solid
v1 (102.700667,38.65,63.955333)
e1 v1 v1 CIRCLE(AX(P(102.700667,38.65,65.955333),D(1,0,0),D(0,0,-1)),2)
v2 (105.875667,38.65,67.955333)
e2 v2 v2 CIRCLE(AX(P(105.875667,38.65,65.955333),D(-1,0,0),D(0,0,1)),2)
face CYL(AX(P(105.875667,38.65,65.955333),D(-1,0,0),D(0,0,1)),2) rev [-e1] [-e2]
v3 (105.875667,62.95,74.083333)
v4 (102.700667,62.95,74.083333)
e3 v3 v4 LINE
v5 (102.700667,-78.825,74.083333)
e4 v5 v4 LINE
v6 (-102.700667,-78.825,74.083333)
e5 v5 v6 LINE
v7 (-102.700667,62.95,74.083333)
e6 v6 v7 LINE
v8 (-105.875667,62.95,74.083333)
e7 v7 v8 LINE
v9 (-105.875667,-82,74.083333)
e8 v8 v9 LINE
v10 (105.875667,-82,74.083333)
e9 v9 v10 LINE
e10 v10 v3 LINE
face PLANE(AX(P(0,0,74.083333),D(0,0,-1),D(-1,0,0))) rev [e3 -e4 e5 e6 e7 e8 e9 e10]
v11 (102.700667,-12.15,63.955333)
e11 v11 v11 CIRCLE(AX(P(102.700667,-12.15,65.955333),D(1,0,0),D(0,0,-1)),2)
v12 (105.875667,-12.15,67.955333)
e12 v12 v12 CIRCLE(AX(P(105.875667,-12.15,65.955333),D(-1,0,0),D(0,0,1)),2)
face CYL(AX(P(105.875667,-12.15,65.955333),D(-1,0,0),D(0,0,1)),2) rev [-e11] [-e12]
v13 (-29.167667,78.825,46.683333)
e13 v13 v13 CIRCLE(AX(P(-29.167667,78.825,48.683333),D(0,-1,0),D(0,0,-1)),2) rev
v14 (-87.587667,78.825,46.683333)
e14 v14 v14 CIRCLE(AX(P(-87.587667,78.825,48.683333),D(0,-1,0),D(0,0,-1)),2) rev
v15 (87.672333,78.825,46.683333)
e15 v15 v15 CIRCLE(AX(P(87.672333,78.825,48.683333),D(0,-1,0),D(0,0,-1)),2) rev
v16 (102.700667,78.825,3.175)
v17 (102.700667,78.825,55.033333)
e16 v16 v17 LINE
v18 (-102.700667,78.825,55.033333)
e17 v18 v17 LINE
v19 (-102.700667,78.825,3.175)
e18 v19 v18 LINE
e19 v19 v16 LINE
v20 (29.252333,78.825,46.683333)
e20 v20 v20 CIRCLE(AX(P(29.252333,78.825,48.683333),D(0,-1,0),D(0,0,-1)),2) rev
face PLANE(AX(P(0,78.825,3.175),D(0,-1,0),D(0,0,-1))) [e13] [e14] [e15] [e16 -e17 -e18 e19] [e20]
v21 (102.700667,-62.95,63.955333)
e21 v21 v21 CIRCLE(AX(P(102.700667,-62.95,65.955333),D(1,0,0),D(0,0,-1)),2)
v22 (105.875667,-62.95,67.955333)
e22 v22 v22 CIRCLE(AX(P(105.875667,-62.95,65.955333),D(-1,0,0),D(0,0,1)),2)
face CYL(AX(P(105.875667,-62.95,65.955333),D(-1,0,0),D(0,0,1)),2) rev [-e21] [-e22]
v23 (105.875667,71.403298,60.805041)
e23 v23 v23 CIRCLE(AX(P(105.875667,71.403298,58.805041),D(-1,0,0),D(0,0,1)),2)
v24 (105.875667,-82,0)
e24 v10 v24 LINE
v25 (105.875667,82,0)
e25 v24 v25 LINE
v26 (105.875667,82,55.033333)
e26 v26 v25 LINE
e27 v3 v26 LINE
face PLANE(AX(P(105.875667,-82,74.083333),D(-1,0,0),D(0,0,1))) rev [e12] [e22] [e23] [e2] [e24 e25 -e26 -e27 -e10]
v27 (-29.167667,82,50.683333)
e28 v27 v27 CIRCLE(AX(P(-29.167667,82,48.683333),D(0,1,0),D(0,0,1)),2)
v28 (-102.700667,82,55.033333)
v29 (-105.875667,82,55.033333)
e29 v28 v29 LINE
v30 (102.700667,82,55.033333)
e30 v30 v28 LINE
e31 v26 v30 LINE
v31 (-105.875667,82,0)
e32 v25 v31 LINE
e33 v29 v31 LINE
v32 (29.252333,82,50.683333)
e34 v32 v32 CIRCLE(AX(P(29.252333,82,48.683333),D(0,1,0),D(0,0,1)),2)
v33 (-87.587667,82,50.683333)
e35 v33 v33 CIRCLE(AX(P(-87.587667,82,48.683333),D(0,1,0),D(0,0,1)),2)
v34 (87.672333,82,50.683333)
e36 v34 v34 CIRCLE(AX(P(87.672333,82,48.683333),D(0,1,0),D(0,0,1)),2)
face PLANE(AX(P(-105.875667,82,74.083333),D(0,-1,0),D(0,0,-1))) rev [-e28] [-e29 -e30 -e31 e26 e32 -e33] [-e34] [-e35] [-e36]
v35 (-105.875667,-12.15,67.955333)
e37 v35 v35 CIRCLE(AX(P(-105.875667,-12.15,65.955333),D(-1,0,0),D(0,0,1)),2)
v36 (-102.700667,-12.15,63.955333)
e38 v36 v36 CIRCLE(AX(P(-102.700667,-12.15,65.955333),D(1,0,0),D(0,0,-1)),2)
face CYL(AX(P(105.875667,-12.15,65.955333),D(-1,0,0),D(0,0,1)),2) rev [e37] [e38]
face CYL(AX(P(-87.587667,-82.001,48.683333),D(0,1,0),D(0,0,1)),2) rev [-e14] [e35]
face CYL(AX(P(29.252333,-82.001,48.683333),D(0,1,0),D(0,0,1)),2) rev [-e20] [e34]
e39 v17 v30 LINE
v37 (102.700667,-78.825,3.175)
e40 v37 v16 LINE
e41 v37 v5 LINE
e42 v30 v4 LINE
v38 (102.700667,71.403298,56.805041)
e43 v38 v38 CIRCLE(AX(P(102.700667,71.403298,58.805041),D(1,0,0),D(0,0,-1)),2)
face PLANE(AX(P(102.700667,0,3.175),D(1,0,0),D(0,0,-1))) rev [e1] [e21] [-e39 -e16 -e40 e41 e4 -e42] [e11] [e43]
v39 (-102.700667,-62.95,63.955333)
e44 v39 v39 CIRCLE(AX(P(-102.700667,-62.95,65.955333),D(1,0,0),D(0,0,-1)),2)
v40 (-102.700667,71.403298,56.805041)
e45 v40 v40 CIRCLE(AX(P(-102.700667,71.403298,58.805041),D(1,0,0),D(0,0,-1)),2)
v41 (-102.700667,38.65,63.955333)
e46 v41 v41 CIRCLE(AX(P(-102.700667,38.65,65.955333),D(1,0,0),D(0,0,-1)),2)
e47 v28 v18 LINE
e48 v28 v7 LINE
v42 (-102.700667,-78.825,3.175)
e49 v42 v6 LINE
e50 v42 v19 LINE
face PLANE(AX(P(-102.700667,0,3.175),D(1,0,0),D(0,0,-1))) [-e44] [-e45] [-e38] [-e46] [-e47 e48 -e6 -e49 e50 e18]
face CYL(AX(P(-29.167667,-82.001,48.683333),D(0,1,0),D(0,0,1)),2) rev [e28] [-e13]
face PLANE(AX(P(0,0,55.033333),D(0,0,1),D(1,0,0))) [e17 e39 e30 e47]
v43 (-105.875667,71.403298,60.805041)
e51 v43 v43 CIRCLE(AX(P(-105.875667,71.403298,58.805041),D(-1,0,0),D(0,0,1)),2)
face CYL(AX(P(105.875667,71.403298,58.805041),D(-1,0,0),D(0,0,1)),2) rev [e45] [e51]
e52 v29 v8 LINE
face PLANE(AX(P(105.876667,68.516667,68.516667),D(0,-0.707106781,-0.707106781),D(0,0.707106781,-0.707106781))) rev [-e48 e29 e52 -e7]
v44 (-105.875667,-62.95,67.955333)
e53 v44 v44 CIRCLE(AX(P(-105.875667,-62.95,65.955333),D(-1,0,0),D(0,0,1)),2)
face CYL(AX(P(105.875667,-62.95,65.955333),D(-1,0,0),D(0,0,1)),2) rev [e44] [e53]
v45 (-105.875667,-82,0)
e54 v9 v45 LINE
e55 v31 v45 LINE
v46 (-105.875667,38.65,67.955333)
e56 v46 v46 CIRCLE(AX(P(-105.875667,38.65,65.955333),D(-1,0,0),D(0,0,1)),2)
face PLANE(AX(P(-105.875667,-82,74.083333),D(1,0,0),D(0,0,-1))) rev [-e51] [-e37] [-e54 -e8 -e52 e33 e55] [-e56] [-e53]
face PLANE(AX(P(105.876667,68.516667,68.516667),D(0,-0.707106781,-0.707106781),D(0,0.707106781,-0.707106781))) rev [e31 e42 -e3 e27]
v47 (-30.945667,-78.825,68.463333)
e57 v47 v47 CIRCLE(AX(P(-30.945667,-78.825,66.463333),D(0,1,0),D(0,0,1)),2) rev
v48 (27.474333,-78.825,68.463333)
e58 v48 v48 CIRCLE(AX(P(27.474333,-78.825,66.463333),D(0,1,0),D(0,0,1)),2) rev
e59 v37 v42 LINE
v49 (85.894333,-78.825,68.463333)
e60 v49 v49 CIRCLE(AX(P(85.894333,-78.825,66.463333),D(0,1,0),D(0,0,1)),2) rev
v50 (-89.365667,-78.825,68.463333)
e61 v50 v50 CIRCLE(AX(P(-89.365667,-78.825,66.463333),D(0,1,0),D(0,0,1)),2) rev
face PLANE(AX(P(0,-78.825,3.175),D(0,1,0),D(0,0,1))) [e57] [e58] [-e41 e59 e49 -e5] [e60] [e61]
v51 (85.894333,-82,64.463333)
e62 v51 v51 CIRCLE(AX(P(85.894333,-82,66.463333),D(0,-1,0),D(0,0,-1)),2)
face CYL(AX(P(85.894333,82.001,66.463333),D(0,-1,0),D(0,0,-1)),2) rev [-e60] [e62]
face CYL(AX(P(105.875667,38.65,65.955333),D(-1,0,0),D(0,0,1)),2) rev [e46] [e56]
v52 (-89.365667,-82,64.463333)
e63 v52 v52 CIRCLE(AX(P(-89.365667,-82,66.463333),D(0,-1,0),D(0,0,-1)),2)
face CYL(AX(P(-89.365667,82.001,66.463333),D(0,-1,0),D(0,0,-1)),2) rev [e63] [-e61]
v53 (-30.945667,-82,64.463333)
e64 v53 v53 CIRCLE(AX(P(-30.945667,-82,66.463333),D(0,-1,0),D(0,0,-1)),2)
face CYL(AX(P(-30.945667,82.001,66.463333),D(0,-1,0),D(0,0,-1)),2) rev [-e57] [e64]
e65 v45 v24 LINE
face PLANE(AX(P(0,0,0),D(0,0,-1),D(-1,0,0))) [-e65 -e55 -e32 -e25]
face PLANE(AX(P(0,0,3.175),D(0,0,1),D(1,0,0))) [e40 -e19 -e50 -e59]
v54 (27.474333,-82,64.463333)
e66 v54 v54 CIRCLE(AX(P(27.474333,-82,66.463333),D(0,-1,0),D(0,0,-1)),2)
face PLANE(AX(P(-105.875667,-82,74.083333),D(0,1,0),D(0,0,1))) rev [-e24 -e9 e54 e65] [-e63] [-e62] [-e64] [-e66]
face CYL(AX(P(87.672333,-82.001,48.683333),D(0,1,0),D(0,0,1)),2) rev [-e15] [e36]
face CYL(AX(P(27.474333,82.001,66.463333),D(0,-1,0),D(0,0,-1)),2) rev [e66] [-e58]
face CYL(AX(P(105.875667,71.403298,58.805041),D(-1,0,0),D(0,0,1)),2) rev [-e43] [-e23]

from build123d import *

# Parameters (mm, degrees)
SKETCH2_W                = 211.751333334
SKETCH2_H                = 164
BOSS_EXTRUDE1_DEPTH      = 74.083333333
CUT_EXTRUDE7_DEPTH       = 70.90833333
CUT_EXTRUDE9_REACH       = 240.853
CUT_EXTRUDE10_DEPTH      = 3.175
SKETCH14_W               = 205.401333334
SKETCH14_H               = 3.175
CUT_EXTRUDE11_DEPTH      = 3.175
CUT_EXTRUDE12_DEPTH      = 239.853443446
CUT_EXTRUDE12_DEPTH_BACK = 3.175
SKETCH16_R               = 2
CUT_EXTRUDE13_DEPTH      = 239.853443446
LPATTERN1_COUNT          = 3
LPATTERN1_PITCH          = 50.8
CUT_EXTRUDE14_REACH      = 210.792
SKETCH18_R               = 2
LPATTERN2_COUNT          = 4
LPATTERN2_PITCH          = 58.42
CUT_EXTRUDE15_REACH      = 210.792
SKETCH19_R               = 2
LPATTERN3_COUNT          = 4
LPATTERN3_PITCH          = 58.42
SKETCH20_R               = 2
CUT_EXTRUDE16_DEPTH      = 239.853443446


with BuildPart() as part:
    # Sketch2 → Boss-Extrude1 (new body)
    with BuildSketch(Plane.XY):
        Rectangle(SKETCH2_W, SKETCH2_H)
    extrude(amount=BOSS_EXTRUDE1_DEPTH)

    # Sketch9 → Cut-Extrude7 (cut)
    with BuildSketch(Plane.XY.offset(74.083333333)):
        Polygon((-102.700666667, 62.95), (-102.700666667, -47.748173381), (-102.700666667, -78.825), (-61.266487403, -78.825), (102.700666667, -78.825), (102.700666667, -21.962957065), (102.700666667, 78.825), (-87.76182231, 78.825), (-102.700666667, 78.825), align=None)
    extrude(amount=-CUT_EXTRUDE7_DEPTH, mode=Mode.SUBTRACT)

    # Sketch11 → Cut-Extrude9 (cut, up to next)
    with BuildSketch(Plane.ZY.offset(105.875666667), mode=Mode.PRIVATE) as cut_extrude9_sk1:
        Polygon((58.208333333, 78.825), (74.083333333, 62.95), (74.083333333, 82), (58.208333333, 82), (58.208333333, 79.62382388), align=None)
    cut_extrude9_tool1 = extrude(cut_extrude9_sk1.sketch, amount=-CUT_EXTRUDE9_REACH, mode=Mode.PRIVATE) & part.part
    add(cut_extrude9_tool1.solids().sort_by_distance((-105.875667, 75.49881, 68.035714))[0], mode=Mode.SUBTRACT)

    # Sketch13 → Cut-Extrude10 (cut)
    with BuildSketch(Plane.ZY.offset(105.875666667)):
        Polygon((58.208333333, 78.825), (55.033333333, 82), (58.208333333, 82), align=None)
    extrude(amount=-CUT_EXTRUDE10_DEPTH, mode=Mode.SUBTRACT)

    # Sketch14 → Cut-Extrude11 (cut)
    with BuildSketch(Plane.XY.offset(58.208333333)):
        with Locations((0, 80.4125)):
            Rectangle(SKETCH14_W, SKETCH14_H)
    extrude(amount=-CUT_EXTRUDE11_DEPTH, mode=Mode.SUBTRACT)

    # Sketch15 → Cut-Extrude12 (cut, two sides: drawn at the far end of the back side and taken through both)
    with BuildSketch(Plane(origin=(105.875666667, 0, 0), x_dir=(0, 0, -1), z_dir=(1, 0, 0)).offset(-CUT_EXTRUDE12_DEPTH_BACK)):
        Polygon((-58.208333333, 79.215720039), (-58.208333333, 78.825), (-55.033333333, 82), (-58.208333333, 82), align=None)
    extrude(amount=CUT_EXTRUDE12_DEPTH + CUT_EXTRUDE12_DEPTH_BACK, mode=Mode.SUBTRACT)

    # Sketch16 → Cut-Extrude13 (cut, through all)
    with BuildSketch(Plane.ZY.offset(105.875666667)):
        with Locations((65.955333333, -62.95)):
            Circle(SKETCH16_R)
    cut_extrude13 = extrude(amount=-CUT_EXTRUDE13_DEPTH, mode=Mode.SUBTRACT)

    # LPattern1: Cut-Extrude13 ×3
    with Locations(*[(0, i * LPATTERN1_PITCH, 0) for i in range(1, LPATTERN1_COUNT)]):
        add(cut_extrude13, mode=Mode.SUBTRACT)

    # Sketch18 → Cut-Extrude14 (cut, up to next)
    with BuildSketch(Plane.XZ.offset(82), mode=Mode.PRIVATE) as cut_extrude14_sk1:
        with Locations(Location((-89.365666667, 66.463333333, 0), (0, 0, 270))):
            Circle(SKETCH18_R)
    cut_extrude14_tool1 = extrude(cut_extrude14_sk1.sketch, amount=-CUT_EXTRUDE14_REACH, mode=Mode.PRIVATE) & part.part
    cut_extrude14 = cut_extrude14_tool1.solids().sort_by_distance((-89.365667, -82, 66.463333))[0]
    add(cut_extrude14, mode=Mode.SUBTRACT)

    # LPattern2: Cut-Extrude14 ×4
    with Locations(*[(i * LPATTERN2_PITCH, 0, 0) for i in range(1, LPATTERN2_COUNT)]):
        add(cut_extrude14, mode=Mode.SUBTRACT)

    # Sketch19 → Cut-Extrude15 (cut, up to next)
    with BuildSketch(Plane(origin=(0, 82, 0), x_dir=(1, 0, 0), z_dir=(0, 1, 0)), mode=Mode.PRIVATE) as cut_extrude15_sk1:
        with Locations(Location((-87.587666667, -48.683333333, 0), (0, 0, 270))):
            Circle(SKETCH19_R)
    cut_extrude15_tool1 = extrude(cut_extrude15_sk1.sketch, amount=-CUT_EXTRUDE15_REACH, mode=Mode.PRIVATE) & part.part
    cut_extrude15 = cut_extrude15_tool1.solids().sort_by_distance((-87.587667, 82, 48.683333))[0]
    add(cut_extrude15, mode=Mode.SUBTRACT)

    # LPattern3: Cut-Extrude15 ×4
    with Locations(*[(i * LPATTERN3_PITCH, 0, 0) for i in range(1, LPATTERN3_COUNT)]):
        add(cut_extrude15, mode=Mode.SUBTRACT)

    # Sketch20 → Cut-Extrude16 (cut, through all)
    with BuildSketch(Plane.ZY.offset(105.875666667)):
        with Locations((58.805040904, 71.403297777)):
            Circle(SKETCH20_R)
    extrude(amount=-CUT_EXTRUDE16_DEPTH, mode=Mode.SUBTRACT)


solid = part.part
